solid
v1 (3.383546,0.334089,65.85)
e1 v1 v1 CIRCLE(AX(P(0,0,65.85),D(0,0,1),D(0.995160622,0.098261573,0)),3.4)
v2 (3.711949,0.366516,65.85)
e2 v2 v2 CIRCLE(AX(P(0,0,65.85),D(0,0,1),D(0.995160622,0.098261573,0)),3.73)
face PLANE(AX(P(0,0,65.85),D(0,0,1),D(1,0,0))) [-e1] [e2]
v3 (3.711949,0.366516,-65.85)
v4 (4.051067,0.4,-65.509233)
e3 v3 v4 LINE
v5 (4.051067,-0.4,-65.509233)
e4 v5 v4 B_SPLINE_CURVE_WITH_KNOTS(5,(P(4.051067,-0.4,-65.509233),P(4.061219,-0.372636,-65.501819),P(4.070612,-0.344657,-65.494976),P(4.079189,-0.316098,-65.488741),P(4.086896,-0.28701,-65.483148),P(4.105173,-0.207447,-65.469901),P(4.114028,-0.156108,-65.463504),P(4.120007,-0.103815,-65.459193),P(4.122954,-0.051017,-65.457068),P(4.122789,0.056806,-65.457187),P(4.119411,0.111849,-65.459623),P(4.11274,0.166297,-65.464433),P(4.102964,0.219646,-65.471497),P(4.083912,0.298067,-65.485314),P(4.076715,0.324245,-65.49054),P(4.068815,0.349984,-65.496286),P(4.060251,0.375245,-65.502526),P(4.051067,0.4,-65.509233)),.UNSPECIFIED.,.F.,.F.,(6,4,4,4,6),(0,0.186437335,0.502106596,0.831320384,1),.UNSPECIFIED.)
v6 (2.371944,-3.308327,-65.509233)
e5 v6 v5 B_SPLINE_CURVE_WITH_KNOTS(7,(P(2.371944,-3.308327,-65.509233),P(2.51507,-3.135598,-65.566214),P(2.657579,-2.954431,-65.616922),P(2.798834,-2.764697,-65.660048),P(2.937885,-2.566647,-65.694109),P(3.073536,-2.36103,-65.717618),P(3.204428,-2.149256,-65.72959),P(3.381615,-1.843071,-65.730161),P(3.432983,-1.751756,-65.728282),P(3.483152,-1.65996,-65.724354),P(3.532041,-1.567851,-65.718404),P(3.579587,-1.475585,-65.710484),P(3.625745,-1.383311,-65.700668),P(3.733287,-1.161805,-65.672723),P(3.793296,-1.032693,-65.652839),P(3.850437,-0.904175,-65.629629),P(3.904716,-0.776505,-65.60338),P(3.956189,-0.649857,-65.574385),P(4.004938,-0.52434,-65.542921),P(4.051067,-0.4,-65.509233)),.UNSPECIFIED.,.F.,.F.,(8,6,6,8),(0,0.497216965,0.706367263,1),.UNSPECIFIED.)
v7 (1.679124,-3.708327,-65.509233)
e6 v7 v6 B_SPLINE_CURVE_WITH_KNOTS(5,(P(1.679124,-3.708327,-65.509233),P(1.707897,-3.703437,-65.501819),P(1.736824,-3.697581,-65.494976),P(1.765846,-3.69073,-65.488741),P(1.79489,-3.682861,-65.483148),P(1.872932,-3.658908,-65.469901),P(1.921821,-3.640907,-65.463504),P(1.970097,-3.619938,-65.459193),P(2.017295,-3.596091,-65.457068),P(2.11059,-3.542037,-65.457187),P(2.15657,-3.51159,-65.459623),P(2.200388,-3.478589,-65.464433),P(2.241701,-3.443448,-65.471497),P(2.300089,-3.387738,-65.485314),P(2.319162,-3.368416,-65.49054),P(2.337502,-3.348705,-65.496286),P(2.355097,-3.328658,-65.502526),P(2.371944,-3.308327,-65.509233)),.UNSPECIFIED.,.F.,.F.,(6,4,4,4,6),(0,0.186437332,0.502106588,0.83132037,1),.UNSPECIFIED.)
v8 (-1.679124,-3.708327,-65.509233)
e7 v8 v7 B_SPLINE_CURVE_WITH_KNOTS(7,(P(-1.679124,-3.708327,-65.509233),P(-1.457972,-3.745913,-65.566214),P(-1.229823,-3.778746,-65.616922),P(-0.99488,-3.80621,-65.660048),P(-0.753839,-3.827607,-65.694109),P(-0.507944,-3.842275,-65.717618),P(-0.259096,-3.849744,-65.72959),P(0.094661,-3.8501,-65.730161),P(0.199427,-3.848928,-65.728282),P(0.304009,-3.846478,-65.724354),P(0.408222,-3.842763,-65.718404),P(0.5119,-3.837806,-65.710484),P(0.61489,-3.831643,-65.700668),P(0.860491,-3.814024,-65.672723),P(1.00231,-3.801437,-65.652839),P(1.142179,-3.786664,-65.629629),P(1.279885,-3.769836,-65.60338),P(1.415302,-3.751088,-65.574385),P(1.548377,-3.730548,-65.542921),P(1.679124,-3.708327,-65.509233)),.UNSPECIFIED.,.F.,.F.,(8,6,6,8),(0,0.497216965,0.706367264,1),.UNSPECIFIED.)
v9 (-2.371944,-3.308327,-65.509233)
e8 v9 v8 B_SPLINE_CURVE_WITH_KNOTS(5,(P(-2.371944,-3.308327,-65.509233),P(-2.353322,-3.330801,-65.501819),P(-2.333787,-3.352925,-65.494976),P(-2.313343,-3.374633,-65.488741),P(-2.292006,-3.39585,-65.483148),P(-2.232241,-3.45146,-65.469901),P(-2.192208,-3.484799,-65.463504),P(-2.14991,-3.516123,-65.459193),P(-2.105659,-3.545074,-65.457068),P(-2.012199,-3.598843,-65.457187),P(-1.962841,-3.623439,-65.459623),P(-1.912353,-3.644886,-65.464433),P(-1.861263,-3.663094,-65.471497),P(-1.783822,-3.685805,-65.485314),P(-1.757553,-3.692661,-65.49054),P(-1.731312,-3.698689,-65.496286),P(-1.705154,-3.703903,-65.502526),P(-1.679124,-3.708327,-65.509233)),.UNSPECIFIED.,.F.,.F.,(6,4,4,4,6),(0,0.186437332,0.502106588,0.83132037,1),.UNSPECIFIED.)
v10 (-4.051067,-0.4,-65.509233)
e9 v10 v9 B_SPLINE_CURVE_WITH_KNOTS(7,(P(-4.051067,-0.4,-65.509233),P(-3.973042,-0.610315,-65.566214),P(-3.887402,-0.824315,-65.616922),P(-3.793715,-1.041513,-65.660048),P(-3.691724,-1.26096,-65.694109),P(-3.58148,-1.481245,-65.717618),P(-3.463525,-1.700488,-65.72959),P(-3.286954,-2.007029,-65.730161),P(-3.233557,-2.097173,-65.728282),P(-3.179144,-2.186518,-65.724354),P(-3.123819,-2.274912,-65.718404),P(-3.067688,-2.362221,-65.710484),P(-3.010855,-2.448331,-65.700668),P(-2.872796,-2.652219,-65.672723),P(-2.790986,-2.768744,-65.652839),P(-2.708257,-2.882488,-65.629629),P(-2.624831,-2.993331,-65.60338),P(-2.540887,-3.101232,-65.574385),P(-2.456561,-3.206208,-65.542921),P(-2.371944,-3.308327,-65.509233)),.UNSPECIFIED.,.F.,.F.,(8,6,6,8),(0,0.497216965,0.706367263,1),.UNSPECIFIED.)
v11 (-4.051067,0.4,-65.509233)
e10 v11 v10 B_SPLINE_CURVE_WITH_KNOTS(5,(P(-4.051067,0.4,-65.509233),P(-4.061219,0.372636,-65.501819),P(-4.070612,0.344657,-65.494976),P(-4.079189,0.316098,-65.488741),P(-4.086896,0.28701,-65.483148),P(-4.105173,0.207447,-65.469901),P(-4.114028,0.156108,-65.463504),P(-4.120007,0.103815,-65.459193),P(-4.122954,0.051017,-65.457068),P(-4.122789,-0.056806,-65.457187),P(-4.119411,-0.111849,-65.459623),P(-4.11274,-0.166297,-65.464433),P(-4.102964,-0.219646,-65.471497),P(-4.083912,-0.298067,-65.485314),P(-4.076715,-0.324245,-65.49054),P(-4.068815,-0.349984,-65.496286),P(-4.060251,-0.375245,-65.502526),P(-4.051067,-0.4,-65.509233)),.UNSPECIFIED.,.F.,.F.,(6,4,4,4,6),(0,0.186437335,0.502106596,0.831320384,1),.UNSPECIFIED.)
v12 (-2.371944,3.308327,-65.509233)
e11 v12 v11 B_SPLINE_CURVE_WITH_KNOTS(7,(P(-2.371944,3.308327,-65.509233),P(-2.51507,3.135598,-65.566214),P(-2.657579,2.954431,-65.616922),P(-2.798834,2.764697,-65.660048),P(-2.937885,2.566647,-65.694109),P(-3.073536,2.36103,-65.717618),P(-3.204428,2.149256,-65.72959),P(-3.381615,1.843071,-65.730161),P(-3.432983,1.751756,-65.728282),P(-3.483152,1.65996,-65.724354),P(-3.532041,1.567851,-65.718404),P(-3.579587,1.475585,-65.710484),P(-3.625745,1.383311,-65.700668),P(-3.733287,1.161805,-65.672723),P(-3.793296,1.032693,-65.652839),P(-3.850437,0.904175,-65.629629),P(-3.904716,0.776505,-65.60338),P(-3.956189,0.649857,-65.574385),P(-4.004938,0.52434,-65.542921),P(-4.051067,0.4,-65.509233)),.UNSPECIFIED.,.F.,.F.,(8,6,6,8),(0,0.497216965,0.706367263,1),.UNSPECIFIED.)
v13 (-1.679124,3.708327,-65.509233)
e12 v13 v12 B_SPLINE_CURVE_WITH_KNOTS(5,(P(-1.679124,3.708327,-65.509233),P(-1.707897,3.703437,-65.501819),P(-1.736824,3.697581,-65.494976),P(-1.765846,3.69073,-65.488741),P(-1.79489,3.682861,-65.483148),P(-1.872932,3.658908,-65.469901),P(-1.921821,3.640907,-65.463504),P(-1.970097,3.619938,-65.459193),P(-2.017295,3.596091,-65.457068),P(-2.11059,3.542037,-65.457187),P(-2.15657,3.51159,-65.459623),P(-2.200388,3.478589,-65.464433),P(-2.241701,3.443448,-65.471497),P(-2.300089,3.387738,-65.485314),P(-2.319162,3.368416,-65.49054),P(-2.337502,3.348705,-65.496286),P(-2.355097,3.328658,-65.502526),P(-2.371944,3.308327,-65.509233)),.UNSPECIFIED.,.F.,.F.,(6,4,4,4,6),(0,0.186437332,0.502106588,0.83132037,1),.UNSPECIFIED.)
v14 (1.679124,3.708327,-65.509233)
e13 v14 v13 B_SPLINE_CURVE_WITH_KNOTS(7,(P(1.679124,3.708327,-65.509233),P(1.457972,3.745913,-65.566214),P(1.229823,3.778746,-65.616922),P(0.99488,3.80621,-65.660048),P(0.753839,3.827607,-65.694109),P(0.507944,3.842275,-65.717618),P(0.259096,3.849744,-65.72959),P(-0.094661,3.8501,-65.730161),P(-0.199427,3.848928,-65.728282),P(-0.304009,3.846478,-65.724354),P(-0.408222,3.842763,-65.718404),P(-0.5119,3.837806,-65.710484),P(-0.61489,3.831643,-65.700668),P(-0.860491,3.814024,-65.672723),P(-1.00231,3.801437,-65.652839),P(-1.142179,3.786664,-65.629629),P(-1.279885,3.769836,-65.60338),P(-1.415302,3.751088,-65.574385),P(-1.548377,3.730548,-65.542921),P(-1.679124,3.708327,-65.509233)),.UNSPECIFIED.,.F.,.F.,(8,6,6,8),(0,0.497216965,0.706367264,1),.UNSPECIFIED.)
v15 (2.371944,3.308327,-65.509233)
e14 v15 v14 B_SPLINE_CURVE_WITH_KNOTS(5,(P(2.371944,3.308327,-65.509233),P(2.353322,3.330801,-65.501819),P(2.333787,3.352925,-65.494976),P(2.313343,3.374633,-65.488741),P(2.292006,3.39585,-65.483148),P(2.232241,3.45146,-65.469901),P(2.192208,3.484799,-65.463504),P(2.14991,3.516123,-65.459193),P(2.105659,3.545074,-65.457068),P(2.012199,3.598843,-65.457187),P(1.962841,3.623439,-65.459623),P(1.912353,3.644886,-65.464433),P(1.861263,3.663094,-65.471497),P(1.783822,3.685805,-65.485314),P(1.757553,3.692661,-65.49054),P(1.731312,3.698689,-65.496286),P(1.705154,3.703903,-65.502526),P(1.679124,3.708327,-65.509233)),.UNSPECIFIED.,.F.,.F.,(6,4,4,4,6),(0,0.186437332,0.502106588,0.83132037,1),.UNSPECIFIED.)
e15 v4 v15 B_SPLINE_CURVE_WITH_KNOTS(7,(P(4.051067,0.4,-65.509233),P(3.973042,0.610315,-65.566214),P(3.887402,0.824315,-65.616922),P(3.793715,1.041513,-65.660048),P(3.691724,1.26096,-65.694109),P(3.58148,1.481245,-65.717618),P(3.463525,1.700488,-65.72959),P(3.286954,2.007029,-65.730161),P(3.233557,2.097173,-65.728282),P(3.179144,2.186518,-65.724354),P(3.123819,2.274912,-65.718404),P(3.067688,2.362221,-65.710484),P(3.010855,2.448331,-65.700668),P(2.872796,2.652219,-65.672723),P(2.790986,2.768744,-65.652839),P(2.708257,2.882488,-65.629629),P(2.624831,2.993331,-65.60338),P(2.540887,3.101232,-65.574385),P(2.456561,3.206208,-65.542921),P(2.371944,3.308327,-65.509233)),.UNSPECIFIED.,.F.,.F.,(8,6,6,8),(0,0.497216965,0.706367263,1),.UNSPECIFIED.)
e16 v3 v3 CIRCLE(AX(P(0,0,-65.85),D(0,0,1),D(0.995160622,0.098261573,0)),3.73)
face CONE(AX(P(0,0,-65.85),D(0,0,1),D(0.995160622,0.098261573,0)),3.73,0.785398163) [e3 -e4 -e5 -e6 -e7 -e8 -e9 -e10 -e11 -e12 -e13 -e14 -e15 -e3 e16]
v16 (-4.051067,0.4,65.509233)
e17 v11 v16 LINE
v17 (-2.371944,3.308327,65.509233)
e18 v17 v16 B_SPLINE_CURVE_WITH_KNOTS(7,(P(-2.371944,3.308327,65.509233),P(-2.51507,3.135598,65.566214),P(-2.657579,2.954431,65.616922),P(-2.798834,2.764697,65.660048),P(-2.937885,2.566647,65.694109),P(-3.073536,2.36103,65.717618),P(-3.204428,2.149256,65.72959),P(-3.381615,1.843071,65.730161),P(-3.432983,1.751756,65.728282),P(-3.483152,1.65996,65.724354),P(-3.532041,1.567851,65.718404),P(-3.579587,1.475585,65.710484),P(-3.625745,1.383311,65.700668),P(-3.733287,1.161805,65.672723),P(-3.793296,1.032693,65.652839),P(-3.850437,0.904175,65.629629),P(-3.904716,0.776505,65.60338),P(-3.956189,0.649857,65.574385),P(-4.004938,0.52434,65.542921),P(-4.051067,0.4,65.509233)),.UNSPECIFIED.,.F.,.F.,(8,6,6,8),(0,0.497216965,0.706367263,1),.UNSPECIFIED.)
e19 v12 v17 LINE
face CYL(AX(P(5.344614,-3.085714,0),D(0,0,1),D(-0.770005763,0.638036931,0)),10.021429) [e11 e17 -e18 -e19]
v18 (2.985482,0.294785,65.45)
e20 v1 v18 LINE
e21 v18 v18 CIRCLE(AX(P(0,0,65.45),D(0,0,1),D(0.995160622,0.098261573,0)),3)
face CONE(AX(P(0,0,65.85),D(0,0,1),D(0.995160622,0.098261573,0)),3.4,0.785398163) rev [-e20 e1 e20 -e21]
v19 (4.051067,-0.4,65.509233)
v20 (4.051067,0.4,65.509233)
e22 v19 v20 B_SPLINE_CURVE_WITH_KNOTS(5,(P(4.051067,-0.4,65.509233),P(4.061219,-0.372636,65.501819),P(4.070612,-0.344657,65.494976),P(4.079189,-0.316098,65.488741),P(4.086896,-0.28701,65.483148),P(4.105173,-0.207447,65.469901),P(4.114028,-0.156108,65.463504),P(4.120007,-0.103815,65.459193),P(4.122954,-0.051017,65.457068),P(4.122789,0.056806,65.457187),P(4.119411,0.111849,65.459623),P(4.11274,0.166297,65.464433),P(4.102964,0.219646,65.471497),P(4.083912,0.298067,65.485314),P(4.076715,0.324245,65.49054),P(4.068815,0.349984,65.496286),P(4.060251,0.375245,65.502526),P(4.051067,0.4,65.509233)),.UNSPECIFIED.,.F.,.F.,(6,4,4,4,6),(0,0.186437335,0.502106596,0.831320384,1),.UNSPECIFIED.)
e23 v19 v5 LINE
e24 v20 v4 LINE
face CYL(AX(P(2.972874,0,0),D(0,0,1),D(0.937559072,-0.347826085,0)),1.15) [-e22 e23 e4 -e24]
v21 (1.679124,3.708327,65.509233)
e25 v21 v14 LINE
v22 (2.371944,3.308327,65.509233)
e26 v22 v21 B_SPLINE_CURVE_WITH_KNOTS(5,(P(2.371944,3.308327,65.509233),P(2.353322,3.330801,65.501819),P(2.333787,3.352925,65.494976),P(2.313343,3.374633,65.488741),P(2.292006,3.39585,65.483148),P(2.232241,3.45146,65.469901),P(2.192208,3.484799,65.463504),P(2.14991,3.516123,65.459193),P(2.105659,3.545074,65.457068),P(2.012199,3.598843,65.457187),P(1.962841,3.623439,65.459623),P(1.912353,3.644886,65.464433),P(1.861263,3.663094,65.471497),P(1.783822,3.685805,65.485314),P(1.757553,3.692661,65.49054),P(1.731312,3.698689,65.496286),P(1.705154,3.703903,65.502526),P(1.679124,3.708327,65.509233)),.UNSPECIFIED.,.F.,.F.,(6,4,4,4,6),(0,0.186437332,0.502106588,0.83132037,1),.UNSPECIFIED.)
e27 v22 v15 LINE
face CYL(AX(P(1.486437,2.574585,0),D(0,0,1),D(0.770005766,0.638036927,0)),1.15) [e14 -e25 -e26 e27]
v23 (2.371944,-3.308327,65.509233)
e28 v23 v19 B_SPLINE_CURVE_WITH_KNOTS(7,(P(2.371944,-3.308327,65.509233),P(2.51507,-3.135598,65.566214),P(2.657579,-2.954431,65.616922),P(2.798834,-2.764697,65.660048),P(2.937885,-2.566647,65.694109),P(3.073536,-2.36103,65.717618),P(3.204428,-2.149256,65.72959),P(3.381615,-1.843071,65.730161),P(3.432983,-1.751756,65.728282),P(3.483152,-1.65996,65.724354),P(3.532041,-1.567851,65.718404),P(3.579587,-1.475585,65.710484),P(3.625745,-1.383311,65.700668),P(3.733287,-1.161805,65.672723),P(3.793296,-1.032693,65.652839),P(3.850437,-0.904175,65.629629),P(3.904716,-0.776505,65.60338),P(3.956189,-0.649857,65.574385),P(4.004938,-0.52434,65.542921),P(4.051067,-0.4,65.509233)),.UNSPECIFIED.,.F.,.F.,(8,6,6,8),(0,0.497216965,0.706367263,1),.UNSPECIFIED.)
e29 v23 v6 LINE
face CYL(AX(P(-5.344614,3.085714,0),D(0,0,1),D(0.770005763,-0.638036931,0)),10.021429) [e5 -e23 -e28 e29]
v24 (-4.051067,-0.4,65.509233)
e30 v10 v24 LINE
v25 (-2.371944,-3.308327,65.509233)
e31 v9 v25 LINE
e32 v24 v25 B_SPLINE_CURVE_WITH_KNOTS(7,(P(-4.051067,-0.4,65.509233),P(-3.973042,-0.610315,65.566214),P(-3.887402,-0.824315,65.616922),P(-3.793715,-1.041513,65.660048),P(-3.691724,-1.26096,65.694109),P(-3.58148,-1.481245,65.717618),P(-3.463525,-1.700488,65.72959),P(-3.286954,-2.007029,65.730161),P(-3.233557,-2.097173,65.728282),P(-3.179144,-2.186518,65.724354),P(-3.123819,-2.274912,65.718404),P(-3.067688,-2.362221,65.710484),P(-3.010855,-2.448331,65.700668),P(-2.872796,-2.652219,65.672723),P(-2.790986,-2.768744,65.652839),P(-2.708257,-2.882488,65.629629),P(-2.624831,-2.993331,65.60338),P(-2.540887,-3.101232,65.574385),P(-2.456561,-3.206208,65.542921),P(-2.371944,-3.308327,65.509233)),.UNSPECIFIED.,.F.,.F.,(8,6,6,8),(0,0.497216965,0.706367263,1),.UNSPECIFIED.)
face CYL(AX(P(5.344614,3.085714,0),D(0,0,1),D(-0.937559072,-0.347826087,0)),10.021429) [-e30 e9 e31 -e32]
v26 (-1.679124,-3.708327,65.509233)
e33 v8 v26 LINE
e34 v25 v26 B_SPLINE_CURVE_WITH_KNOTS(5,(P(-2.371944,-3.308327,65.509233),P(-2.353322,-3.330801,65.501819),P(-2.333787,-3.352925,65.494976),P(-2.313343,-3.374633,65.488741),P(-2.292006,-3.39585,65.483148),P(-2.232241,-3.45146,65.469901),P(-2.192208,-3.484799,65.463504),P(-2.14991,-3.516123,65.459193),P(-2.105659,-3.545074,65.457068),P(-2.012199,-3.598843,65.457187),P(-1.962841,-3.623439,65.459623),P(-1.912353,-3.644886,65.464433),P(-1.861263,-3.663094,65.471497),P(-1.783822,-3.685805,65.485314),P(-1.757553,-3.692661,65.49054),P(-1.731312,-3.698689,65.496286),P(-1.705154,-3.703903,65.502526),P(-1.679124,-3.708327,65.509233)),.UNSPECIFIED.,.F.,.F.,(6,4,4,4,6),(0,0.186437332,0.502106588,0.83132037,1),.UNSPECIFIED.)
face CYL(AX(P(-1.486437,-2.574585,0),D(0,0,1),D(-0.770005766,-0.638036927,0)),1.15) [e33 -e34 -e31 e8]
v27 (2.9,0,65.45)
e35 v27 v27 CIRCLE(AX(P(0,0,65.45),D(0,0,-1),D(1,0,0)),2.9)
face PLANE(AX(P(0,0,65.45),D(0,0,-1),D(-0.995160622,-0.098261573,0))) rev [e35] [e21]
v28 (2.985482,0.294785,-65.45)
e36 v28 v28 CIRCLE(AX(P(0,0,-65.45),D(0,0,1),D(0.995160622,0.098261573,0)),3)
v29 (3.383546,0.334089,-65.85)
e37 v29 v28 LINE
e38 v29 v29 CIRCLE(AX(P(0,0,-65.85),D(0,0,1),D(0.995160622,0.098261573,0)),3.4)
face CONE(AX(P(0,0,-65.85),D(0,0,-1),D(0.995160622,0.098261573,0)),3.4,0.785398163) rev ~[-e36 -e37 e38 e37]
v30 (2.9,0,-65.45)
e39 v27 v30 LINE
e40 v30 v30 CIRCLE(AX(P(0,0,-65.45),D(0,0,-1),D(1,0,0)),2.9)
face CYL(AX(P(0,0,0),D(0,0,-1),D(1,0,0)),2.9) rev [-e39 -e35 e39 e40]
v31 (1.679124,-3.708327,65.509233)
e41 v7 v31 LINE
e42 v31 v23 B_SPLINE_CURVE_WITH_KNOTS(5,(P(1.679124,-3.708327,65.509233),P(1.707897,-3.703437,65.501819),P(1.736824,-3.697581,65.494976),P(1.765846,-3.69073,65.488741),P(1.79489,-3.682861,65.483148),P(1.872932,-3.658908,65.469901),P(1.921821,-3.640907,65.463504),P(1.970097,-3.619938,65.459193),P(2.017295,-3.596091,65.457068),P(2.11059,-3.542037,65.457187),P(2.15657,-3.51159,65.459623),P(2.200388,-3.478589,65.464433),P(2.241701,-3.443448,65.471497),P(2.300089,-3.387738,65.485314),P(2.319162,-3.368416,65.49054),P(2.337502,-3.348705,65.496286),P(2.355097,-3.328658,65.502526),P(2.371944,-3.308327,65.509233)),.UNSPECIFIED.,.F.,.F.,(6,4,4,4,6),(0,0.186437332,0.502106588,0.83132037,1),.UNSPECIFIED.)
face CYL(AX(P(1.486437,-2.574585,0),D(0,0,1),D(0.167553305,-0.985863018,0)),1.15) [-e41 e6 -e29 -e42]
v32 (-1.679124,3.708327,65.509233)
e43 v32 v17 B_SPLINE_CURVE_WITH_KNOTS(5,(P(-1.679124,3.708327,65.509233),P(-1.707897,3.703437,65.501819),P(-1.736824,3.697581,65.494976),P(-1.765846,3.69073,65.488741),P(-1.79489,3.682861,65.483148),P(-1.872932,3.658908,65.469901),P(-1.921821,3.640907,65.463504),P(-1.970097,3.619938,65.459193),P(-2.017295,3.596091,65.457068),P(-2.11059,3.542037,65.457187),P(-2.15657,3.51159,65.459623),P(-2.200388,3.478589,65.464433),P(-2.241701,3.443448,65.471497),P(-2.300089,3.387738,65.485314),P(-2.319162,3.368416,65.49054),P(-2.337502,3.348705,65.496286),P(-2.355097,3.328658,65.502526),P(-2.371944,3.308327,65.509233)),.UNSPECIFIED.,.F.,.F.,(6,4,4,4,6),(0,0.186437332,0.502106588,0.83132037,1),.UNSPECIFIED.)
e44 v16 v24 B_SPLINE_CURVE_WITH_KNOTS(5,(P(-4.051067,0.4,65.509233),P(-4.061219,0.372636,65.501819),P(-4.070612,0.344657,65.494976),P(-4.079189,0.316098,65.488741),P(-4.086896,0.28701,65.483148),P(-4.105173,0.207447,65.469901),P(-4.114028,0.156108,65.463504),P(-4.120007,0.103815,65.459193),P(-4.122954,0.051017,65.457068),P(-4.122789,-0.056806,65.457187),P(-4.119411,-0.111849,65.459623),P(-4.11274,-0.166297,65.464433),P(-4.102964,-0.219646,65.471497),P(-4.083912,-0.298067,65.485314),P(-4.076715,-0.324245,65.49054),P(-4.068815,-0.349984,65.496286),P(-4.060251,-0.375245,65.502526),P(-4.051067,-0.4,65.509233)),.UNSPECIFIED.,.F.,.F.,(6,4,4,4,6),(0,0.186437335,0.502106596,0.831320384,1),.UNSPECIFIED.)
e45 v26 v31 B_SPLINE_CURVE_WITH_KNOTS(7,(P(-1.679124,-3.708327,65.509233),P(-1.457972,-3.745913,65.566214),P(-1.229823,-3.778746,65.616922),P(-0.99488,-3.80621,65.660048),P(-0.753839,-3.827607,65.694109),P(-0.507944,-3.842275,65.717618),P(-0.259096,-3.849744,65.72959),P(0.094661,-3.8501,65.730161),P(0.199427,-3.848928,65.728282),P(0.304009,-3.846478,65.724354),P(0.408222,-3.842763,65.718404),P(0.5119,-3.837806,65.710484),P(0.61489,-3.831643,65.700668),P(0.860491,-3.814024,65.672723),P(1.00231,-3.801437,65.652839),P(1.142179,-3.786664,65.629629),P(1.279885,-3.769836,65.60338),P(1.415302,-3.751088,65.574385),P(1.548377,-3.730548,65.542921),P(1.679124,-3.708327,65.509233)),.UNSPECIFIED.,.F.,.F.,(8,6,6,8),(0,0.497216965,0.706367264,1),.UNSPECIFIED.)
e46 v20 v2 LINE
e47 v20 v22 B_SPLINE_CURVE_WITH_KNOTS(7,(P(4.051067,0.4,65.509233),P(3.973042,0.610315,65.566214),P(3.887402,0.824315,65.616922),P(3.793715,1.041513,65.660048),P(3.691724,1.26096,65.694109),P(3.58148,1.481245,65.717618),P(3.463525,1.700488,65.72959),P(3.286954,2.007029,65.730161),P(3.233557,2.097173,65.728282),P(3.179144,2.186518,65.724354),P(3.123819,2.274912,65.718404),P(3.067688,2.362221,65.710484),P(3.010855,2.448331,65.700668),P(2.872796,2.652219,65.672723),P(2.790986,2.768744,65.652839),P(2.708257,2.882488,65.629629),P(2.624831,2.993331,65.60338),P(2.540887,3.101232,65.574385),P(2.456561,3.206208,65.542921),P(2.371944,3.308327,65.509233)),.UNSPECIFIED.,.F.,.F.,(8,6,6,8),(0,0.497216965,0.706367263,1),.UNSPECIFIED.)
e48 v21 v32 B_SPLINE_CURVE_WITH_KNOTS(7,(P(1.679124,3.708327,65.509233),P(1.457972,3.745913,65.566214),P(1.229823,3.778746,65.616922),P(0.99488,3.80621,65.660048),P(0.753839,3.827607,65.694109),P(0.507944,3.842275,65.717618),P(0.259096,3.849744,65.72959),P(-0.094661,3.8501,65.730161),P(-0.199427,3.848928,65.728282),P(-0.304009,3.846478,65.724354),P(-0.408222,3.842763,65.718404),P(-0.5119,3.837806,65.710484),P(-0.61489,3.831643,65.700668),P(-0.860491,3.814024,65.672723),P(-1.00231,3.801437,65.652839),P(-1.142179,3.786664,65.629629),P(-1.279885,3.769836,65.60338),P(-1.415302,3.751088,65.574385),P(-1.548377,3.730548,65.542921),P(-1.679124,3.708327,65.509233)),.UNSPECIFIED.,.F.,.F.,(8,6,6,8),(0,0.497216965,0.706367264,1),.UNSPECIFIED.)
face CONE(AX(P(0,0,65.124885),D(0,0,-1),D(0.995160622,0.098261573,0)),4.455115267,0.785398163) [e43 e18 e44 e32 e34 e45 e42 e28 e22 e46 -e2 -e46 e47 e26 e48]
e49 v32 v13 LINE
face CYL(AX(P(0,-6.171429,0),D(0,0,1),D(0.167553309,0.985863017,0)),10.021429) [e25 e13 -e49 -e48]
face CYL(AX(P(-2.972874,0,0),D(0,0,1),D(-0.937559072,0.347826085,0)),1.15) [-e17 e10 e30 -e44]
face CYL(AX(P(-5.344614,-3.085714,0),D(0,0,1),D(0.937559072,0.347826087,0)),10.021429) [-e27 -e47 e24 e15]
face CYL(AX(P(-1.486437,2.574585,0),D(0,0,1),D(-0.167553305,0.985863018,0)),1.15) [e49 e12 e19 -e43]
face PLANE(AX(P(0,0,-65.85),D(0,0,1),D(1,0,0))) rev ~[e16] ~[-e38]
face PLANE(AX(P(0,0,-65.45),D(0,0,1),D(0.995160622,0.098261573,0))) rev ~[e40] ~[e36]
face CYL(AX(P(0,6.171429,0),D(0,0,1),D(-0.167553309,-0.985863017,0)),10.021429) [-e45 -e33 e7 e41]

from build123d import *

# Parameters (mm, degrees)
ESBO_O3_R       = 2.9
EXTRUS_O2_DEPTH = 65.85


with BuildPart() as part:
    # Esboço3 → Extrusão2 (new, symmetric)
    with BuildSketch(Plane.XY):
        with BuildLine():
            ThreePointArc((-1.679123513, 3.708327237), (-2.061437209, 3.570513982), (-2.371943836, 3.308327237))
            ThreePointArc((-2.371943836, 3.308327237), (-3.334197805, 1.925), (-4.05106735, 0.4))
            ThreePointArc((-4.05106735, 0.4), (-4.122874417, 0), (-4.05106735, -0.4))
            ThreePointArc((-4.05106735, -0.4), (-3.334197805, -1.925), (-2.371943836, -3.308327237))
            ThreePointArc((-2.371943836, -3.308327237), (-2.061437209, -3.570513982), (-1.679123513, -3.708327237))
            ThreePointArc((-1.679123513, -3.708327237), (0, -3.85), (1.679123513, -3.708327237))
            ThreePointArc((1.679123513, -3.708327237), (2.061437209, -3.570513982), (2.371943836, -3.308327237))
            ThreePointArc((2.371943836, -3.308327237), (3.334197805, -1.925), (4.05106735, -0.4))
            ThreePointArc((4.05106735, -0.4), (4.122874417, 0), (4.05106735, 0.4))
            ThreePointArc((4.05106735, 0.4), (3.334197805, 1.925), (2.371943836, 3.308327237))
            ThreePointArc((2.371943836, 3.308327237), (2.061437209, 3.570513982), (1.679123513, 3.708327237))
            ThreePointArc((1.679123513, 3.708327237), (0, 3.85), (-1.679123513, 3.708327237))
        make_face()
        Circle(ESBO_O3_R, mode=Mode.SUBTRACT)
    extrude(amount=EXTRUS_O2_DEPTH, both=True)

    # Esboço5 → Corte-Revolução2 (revolve, cut)
    with BuildSketch(Plane(origin=(0, 0, 0), x_dir=(0, 0, -1), z_dir=(1, 0, 0))):
        Polygon((65.85, 3.73), (65.124884733, 4.455115267), (66.124884733, 4.455115267), (66.124884733, 3.73), align=None)
        Polygon((65.85, 3.4), (65.45, 3), (65.45, 2.769529571), (65.85, 2.769529571), align=None)
        Polygon((-65.85, 3.73), (-66.124884733, 3.73), (-66.124884733, 4.455115267), (-65.124884733, 4.455115267), align=None)
    corte_revolu_o2 = revolve(axis=Axis((0, 0, -65.739939352), (0, 0, 1)), mode=Mode.SUBTRACT)

    # Espelhar1: Corte-Revolução2 across plane
    add(corte_revolu_o2.mirror(Plane.XY), mode=Mode.SUBTRACT)


solid = part.part
